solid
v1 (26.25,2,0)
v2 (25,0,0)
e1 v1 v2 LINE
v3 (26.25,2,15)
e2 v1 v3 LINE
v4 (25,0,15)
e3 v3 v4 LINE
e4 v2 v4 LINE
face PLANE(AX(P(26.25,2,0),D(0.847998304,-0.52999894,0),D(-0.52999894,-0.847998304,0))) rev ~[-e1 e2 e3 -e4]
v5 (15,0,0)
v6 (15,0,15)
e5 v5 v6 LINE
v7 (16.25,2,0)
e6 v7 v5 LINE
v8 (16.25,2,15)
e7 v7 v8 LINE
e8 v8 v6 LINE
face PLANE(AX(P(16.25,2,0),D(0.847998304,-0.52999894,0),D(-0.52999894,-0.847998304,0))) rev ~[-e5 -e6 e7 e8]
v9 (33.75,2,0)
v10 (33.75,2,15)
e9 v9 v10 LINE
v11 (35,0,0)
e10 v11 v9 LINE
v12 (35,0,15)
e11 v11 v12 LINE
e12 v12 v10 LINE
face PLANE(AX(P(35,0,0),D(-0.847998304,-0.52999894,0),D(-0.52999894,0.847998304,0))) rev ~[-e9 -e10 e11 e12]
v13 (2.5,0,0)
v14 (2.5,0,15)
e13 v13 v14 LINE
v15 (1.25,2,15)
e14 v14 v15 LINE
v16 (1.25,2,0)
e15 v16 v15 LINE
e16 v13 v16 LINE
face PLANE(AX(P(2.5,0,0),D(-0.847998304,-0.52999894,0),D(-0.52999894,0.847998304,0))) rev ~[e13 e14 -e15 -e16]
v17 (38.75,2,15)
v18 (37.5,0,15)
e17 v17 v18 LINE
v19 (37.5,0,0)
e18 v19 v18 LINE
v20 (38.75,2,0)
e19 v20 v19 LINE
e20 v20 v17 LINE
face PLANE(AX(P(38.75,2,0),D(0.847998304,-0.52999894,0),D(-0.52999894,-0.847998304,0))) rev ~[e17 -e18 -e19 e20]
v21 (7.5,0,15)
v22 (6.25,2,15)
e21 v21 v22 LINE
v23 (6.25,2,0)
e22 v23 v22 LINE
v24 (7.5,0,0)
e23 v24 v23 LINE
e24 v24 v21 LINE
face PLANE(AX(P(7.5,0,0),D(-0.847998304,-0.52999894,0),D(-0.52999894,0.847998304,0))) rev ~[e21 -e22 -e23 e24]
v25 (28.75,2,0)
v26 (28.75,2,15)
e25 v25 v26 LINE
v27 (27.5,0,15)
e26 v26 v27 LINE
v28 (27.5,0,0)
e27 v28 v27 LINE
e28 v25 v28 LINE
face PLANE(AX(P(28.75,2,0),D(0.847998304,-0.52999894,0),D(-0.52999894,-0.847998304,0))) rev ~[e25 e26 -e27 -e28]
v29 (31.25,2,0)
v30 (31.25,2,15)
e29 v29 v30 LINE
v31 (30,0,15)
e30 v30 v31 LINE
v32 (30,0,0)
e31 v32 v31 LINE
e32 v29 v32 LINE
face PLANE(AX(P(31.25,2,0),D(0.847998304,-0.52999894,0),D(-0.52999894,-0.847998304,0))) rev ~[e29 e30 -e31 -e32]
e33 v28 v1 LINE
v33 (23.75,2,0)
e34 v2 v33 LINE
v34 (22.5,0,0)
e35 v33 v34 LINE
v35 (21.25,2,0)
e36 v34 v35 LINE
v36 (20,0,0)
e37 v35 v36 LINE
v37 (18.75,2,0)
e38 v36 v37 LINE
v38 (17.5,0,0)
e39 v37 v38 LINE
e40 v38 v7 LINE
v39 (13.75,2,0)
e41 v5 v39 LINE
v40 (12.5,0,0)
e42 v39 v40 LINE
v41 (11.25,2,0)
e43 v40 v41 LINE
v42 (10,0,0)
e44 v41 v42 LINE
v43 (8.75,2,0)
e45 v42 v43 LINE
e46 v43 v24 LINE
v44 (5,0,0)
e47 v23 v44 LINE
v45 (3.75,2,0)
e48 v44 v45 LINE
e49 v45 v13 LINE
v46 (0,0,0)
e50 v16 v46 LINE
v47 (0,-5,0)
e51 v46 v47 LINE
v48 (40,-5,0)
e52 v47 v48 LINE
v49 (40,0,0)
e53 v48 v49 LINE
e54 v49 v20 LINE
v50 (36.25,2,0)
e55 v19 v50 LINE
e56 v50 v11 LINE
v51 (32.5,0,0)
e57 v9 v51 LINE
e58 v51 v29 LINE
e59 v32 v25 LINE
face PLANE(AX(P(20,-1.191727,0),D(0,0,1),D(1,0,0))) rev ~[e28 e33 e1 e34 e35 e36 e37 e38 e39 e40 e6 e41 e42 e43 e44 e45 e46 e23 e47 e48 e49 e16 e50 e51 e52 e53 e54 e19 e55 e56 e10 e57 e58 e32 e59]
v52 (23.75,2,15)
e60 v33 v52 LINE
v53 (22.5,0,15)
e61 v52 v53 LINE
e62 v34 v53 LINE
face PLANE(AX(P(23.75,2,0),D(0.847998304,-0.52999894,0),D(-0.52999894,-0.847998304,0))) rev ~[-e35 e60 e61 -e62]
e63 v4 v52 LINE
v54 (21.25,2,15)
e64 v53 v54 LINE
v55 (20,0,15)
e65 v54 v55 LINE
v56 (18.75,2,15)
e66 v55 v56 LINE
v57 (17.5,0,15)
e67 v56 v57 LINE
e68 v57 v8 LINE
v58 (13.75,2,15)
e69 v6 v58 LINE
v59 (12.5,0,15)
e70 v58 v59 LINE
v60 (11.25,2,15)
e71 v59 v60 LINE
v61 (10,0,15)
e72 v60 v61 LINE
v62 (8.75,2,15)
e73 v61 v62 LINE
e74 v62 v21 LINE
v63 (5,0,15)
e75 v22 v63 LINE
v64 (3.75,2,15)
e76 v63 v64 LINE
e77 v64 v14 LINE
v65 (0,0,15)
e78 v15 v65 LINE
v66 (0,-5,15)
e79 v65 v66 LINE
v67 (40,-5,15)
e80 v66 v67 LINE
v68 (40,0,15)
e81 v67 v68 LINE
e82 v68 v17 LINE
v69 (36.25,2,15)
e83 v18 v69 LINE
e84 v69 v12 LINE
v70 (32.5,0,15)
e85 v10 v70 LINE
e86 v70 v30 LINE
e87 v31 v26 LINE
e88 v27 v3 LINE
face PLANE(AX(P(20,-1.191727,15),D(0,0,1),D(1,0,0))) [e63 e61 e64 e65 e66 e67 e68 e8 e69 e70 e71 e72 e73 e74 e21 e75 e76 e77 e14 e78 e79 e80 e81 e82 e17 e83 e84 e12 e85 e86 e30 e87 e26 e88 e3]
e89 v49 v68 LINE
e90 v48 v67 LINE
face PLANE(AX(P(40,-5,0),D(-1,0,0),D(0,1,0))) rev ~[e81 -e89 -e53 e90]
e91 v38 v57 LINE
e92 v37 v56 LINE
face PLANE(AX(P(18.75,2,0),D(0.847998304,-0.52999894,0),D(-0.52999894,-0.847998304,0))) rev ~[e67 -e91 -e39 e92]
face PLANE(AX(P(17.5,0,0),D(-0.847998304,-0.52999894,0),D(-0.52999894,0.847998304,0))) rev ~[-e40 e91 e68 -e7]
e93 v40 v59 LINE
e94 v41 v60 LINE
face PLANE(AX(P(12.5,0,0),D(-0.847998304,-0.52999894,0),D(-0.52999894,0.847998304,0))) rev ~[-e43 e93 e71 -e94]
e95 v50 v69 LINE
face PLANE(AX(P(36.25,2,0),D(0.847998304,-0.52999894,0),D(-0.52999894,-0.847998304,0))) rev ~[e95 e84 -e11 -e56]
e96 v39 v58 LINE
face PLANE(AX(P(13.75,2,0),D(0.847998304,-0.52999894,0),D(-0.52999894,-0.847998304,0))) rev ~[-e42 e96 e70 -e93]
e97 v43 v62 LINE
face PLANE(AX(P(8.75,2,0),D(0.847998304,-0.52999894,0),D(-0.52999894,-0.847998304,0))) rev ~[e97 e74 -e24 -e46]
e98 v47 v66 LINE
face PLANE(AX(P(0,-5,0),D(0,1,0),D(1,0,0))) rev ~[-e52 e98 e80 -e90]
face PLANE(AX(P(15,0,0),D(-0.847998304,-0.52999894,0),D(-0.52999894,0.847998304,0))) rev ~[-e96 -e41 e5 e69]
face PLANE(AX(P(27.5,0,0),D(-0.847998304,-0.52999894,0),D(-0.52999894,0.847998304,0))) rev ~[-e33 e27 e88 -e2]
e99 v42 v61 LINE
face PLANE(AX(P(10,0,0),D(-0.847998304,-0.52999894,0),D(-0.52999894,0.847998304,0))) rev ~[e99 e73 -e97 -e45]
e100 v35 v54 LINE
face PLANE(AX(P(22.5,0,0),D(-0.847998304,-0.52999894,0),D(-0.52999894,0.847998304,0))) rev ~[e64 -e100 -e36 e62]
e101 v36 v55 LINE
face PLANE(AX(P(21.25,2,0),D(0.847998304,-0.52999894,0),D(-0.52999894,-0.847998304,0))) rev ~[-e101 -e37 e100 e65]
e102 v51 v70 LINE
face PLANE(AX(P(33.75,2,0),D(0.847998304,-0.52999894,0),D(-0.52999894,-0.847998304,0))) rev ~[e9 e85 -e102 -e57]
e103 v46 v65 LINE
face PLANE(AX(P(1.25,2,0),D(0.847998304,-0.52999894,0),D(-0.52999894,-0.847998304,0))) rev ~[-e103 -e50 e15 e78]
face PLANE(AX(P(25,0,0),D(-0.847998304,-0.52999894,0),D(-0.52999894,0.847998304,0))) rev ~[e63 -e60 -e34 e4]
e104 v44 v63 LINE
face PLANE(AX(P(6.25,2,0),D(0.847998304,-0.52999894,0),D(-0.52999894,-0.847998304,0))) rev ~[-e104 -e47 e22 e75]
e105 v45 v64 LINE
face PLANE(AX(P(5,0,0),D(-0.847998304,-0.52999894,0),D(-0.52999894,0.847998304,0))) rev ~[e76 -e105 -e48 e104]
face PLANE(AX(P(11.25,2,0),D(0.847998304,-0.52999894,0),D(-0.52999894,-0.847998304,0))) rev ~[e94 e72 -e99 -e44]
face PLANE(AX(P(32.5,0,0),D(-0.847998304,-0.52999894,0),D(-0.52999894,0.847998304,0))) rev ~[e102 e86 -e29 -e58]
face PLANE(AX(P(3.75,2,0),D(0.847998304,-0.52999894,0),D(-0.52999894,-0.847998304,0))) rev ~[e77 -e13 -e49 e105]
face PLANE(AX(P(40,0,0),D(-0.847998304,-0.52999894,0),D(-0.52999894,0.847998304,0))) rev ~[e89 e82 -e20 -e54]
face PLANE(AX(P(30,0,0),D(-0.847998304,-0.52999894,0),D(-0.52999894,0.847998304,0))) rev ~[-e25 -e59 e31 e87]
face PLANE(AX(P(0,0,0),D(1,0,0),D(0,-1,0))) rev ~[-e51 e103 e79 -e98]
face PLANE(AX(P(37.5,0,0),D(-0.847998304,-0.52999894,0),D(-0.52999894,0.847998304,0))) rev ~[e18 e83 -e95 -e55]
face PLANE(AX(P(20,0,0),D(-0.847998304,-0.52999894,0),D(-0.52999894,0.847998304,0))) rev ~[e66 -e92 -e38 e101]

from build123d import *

# Parameters (mm, degrees)
BOSS_EXTRUDE1_DEPTH = 15


with BuildPart() as part:
    # Sketch1 → Boss-Extrude1 (new body)
    with BuildSketch(Plane.XY):
        Polygon((40, 0), (38.75, 2), (37.5, 0), (36.25, 2), (35, 0), (33.75, 2), (32.5, 0), (31.25, 2), (30, 0), (28.75, 2), (27.5, 0), (26.25, 2), (25, 0), (23.75, 2), (22.5, 0), (21.25, 2), (20, 0), (18.75, 2), (17.5, 0), (16.25, 2), (15, 0), (13.75, 2), (12.5, 0), (11.25, 2), (10, 0), (8.75, 2), (7.5, 0), (6.25, 2), (5, 0), (3.75, 2), (2.5, 0), (1.25, 2), (0, 0), (0, -5), (40, -5), align=None)
    extrude(amount=BOSS_EXTRUDE1_DEPTH)


solid = part.part
